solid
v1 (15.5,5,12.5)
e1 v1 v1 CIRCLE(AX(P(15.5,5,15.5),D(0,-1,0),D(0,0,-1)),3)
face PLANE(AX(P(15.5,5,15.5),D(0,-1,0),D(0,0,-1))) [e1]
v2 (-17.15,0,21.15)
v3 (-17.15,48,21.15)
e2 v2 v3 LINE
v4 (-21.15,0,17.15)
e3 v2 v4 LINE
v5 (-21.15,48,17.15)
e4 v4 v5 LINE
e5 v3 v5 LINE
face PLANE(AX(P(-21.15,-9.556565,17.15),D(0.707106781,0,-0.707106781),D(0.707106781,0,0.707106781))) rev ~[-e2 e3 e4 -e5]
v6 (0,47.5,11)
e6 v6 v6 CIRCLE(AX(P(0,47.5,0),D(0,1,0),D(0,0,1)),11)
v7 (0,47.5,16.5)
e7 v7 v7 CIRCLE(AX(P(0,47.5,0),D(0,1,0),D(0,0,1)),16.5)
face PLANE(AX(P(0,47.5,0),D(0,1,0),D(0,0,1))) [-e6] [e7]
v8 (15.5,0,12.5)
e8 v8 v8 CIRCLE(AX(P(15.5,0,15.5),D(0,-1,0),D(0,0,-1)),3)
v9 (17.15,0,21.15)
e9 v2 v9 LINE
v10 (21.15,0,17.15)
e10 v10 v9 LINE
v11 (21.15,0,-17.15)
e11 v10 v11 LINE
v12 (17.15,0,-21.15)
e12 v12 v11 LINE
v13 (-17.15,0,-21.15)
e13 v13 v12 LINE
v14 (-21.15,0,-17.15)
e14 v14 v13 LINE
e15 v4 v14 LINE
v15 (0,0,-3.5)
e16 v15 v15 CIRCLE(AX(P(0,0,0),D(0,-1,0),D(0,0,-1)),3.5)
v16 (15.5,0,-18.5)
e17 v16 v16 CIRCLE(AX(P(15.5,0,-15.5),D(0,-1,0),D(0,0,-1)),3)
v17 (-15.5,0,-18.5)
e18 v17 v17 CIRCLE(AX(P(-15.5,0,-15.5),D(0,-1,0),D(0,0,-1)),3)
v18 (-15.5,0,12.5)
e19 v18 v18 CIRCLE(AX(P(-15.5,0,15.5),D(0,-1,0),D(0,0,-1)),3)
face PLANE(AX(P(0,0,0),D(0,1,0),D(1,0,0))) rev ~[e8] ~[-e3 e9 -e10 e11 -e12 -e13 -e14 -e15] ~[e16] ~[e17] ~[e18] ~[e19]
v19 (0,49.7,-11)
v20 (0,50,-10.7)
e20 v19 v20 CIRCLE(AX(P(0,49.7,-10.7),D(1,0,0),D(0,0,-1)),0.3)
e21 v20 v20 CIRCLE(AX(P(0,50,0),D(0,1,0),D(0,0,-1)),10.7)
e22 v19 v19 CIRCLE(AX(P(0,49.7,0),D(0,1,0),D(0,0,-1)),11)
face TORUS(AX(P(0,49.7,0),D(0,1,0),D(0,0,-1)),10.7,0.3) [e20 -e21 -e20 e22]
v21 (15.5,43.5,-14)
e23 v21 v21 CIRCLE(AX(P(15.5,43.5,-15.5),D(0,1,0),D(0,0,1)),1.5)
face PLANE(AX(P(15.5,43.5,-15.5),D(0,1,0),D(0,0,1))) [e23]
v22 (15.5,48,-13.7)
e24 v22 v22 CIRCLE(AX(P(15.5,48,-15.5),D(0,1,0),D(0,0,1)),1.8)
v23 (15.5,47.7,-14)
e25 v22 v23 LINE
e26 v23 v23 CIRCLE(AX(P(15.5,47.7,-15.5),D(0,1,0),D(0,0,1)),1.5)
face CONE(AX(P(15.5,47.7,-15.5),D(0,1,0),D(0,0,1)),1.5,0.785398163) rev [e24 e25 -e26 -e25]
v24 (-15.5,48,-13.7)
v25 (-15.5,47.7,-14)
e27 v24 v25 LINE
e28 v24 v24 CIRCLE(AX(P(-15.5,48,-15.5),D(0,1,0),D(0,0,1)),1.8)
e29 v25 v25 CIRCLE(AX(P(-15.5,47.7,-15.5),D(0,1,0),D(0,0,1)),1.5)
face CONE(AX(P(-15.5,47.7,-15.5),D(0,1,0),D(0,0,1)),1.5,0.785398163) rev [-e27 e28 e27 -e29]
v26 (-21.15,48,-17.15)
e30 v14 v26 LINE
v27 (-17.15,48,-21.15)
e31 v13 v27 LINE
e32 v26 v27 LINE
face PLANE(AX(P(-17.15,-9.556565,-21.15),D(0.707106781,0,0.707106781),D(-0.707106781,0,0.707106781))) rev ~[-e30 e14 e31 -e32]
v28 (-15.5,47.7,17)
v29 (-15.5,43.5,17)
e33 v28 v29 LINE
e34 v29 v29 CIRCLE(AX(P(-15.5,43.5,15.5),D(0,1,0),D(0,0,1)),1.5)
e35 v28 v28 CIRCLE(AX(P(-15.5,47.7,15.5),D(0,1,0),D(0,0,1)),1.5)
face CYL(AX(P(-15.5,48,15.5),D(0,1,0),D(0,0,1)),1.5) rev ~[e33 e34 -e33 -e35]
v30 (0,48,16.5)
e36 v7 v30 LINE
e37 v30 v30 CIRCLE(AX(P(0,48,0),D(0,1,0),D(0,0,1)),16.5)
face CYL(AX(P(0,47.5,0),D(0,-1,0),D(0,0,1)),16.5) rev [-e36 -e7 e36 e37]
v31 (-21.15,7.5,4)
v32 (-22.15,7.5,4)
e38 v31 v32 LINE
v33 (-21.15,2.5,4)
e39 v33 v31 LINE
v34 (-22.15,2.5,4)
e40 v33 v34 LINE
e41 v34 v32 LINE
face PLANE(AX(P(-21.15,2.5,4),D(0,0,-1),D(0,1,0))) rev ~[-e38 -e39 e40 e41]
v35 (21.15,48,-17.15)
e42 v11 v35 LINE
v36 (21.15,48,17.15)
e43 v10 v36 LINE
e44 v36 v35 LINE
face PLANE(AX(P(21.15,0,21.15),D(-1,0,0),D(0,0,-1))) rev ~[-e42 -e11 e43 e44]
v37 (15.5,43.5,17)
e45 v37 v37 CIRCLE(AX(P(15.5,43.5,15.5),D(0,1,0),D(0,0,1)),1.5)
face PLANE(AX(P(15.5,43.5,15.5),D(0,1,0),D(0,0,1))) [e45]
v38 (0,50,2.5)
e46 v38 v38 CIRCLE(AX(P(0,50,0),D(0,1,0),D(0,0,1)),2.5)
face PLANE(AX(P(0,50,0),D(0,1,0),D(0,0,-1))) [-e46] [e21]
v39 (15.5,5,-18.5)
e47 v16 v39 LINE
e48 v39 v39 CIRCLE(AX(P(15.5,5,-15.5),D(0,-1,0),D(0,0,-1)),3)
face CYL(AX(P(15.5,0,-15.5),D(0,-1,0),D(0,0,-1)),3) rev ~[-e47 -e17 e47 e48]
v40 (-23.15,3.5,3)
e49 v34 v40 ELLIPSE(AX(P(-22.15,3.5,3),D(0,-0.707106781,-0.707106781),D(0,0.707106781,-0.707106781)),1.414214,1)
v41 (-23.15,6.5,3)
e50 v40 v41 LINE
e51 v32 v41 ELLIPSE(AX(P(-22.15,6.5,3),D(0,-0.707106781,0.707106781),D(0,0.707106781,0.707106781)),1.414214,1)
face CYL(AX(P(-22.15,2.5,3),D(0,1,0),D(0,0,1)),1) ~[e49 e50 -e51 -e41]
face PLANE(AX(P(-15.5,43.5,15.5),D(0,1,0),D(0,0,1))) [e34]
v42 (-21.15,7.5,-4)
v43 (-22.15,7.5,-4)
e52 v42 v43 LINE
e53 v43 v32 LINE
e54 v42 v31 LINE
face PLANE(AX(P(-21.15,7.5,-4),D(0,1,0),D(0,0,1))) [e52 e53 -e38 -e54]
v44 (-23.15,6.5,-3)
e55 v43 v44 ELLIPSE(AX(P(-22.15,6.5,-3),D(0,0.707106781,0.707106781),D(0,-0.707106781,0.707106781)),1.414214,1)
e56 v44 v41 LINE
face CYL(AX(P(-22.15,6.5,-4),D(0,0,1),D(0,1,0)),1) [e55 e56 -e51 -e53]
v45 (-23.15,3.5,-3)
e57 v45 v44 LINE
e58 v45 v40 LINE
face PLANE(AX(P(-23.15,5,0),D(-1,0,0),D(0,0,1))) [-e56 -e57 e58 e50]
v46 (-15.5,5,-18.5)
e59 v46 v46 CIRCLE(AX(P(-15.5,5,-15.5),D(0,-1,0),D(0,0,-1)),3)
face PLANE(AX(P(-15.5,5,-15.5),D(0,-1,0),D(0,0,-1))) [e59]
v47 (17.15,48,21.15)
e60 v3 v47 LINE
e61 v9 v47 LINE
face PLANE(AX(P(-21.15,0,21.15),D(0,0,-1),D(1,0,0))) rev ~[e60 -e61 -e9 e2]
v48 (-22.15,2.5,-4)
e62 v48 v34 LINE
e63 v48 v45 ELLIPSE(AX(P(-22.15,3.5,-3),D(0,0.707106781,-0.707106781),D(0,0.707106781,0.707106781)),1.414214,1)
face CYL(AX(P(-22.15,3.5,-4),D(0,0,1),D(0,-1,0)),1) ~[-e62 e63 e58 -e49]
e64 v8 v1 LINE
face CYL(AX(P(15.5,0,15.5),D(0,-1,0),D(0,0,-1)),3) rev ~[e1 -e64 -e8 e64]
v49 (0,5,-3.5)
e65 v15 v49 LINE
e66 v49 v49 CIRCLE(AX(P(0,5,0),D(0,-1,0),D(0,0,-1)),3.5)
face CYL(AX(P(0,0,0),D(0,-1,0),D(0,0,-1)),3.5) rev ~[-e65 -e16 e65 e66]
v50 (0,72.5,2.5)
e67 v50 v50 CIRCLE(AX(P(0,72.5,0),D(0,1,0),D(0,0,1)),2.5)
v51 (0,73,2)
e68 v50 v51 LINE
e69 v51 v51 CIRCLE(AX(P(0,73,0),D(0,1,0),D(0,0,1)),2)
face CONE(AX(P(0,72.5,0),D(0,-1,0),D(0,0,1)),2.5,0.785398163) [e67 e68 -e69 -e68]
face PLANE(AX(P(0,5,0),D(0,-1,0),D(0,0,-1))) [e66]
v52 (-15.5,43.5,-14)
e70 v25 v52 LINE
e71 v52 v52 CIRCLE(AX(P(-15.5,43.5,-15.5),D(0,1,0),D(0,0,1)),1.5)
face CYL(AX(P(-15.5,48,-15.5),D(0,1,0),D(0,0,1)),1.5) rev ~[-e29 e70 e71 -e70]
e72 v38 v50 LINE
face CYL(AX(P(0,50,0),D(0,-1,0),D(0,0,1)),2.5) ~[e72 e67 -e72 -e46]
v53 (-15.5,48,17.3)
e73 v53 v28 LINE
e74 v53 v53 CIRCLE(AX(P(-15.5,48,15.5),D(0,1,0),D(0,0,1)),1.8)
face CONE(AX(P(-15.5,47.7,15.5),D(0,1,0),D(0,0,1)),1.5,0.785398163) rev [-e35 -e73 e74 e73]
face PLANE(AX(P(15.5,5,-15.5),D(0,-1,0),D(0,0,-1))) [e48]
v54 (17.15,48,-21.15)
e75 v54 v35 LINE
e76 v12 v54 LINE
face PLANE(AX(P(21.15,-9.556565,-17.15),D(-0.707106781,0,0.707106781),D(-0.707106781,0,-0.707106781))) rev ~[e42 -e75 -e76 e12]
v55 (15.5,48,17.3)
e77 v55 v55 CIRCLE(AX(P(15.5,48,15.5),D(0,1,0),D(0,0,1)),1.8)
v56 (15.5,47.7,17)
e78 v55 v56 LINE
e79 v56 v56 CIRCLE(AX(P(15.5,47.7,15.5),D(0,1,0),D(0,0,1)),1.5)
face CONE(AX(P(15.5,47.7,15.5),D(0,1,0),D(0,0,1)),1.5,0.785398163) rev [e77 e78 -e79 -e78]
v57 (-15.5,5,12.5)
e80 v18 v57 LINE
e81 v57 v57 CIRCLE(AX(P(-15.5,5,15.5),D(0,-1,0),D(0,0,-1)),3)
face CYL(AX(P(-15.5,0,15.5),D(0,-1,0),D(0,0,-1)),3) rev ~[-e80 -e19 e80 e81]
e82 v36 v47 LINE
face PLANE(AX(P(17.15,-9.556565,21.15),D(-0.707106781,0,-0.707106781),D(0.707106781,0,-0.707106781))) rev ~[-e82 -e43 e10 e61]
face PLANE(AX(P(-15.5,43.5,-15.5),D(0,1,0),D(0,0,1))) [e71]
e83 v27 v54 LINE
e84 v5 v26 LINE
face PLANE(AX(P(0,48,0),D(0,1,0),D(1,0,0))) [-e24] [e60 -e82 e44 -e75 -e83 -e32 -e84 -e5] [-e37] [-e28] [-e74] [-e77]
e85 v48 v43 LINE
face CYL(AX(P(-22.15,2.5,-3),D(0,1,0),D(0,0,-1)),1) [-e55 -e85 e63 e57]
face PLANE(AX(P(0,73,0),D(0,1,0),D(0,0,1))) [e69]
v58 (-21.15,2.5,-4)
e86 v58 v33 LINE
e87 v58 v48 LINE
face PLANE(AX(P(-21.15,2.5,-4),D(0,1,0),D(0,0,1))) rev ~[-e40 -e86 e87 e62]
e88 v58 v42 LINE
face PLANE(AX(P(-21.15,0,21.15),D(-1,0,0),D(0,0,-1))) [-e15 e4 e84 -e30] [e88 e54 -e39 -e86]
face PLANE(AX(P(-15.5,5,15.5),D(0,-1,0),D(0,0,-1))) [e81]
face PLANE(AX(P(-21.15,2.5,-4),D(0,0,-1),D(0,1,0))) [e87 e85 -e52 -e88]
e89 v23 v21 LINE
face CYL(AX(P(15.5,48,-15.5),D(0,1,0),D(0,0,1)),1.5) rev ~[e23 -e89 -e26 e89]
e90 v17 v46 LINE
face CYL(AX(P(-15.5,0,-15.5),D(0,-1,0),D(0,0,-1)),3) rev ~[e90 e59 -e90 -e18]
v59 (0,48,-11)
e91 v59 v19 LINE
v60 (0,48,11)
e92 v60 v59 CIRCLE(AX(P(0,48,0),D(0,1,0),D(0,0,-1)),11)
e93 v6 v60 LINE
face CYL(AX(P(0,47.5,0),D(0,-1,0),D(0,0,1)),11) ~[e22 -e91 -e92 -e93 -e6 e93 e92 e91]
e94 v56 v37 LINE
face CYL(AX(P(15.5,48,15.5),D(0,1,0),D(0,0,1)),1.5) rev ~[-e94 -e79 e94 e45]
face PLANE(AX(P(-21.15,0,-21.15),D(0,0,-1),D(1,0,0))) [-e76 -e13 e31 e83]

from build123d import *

# Parameters (mm, degrees)
SKETCH1_W                    = 42.3
SKETCH1_H                    = 42.3
BOSS_EXTRUDE1_DEPTH          = 48
SKETCH2_R                    = 11
BOSS_EXTRUDE2_DEPTH          = 2
SKETCH3_R                    = 2.5
BOSS_EXTRUDE3_DEPTH          = 23
FILLET2_R                    = 0.3
CHAMFER1_SIZE                = 0.5
SKETCH4_R                    = 1.5
CUT_EXTRUDE1_DEPTH           = 4.5
CHAMFER2_SIZE                = 0.3
CUT_EXTRUDE2_START           = -0.5
SKETCH5_R                    = 16.5
SKETCH5_R_2                  = 11
CUT_EXTRUDE2_DEPTH           = 0.5
CUT_EXTRUDE_THIN1_DEPTH      = 57.556564606
CUT_EXTRUDE_THIN1_DEPTH_BACK = 57.556564606
SKETCH7_R                    = 3.5
SKETCH7_R_2                  = 3
CUT_EXTRUDE3_DEPTH           = 5
SKETCH8_W                    = 8
SKETCH8_H                    = 5
BOSS_EXTRUDE4_DEPTH          = 2
FILLET3_R                    = 1


with BuildPart() as part:
    # Sketch1 → Boss-Extrude1 (new body)
    with BuildSketch(Plane(origin=(0, 0, 0), x_dir=(1, 0, 0), z_dir=(0, 1, 0))):
        Rectangle(SKETCH1_W, SKETCH1_H)
    extrude(amount=BOSS_EXTRUDE1_DEPTH)

    # Sketch2 → Boss-Extrude2 (add)
    with BuildSketch(Plane(origin=(0, 48, 0), x_dir=(1, 0, 0), z_dir=(0, 1, 0))):
        with Locations(Location((0, 0, 0), (0, 0, 90))):
            Circle(SKETCH2_R)
    extrude(amount=BOSS_EXTRUDE2_DEPTH)

    # Sketch3 → Boss-Extrude3 (add)
    with BuildSketch(Plane(origin=(0, 50, 0), x_dir=(1, 0, 0), z_dir=(0, 1, 0))):
        with Locations(Location((0, 0, 0), (0, 0, 270))):
            Circle(SKETCH3_R)
    extrude(amount=BOSS_EXTRUDE3_DEPTH)

    # Fillet2
    fillet2_edges = [part.edges().sort_by_distance(p)[0] for p in [
        (0, 50, 11),
    ]]
    fillet(fillet2_edges, radius=FILLET2_R)

    # Chamfer1
    chamfer1_edges = [part.edges().sort_by_distance(p)[0] for p in [
        (0, 73, -2.5),
    ]]
    chamfer(chamfer1_edges, length=CHAMFER1_SIZE)

    # Sketch4 → Cut-Extrude1 (cut)
    with BuildSketch(Plane(origin=(0, 48, 0), x_dir=(1, 0, 0), z_dir=(0, 1, 0))):
        with Locations(Location((-15.5, -15.5, 0), (0, 0, 270))):
            Circle(SKETCH4_R)
        with Locations(Location((15.5, -15.5, 0), (0, 0, 270))):
            Circle(SKETCH4_R)
        with Locations(Location((15.5, 15.5, 0), (0, 0, 270))):
            Circle(SKETCH4_R)
        with Locations(Location((-15.5, 15.5, 0), (0, 0, 270))):
            Circle(SKETCH4_R)
    extrude(amount=-CUT_EXTRUDE1_DEPTH, mode=Mode.SUBTRACT)

    # Chamfer2
    chamfer2_edges = [part.edges().sort_by_distance(p)[0] for p in [
        (-15.5, 48, 14),
        (15.5, 48, 14),
        (15.5, 48, -17),
        (-15.5, 48, -17),
    ]]
    chamfer(chamfer2_edges, length=CHAMFER2_SIZE)

    # Sketch5 → Cut-Extrude2 (cut)
    with BuildSketch(Plane(origin=(0, 48, 0), x_dir=(1, 0, 0), z_dir=(0, 1, 0)).offset(CUT_EXTRUDE2_START)):
        with Locations(Location((0, 0, 0), (0, 0, 270))):
            Circle(SKETCH5_R)
        with Locations(Location((0, 0, 0), (0, 0, 270))):
            Circle(SKETCH5_R_2, mode=Mode.SUBTRACT)
    extrude(amount=CUT_EXTRUDE2_DEPTH, mode=Mode.SUBTRACT)

    # Sketch6 → Cut-Extrude-Thin1 (cut, two sides: drawn at the far end of the back side and taken through both)
    with BuildSketch(Plane(origin=(0, 48, 0), x_dir=(1, 0, 0), z_dir=(0, 1, 0)).offset(-CUT_EXTRUDE_THIN1_DEPTH_BACK)):
        Polygon((-21.15, -17.15), (-17.15, -21.15), (-24.221067812, -28.221067812), (-28.221067812, -24.221067812), align=None)
        Polygon((17.15, -21.15), (21.15, -17.15), (28.221067812, -24.221067812), (24.221067812, -28.221067812), align=None)
        Polygon((21.15, 17.15), (17.15, 21.15), (24.221067812, 28.221067812), (28.221067812, 24.221067812), align=None)
        Polygon((-17.15, 21.15), (-21.15, 17.15), (-28.221067812, 24.221067812), (-24.221067812, 28.221067812), align=None)
    extrude(amount=CUT_EXTRUDE_THIN1_DEPTH + CUT_EXTRUDE_THIN1_DEPTH_BACK, mode=Mode.SUBTRACT)

    # Sketch7 → Cut-Extrude3 (cut)
    with BuildSketch(Plane.XZ):
        with Locations(Location((0, 0, 0), (0, 0, 270))):
            Circle(SKETCH7_R)
        with Locations(Location((-15.5, 15.5, 0), (0, 0, 270))):
            Circle(SKETCH7_R_2)
        with Locations(Location((15.5, 15.5, 0), (0, 0, 270))):
            Circle(SKETCH7_R_2)
        with Locations(Location((15.5, -15.5, 0), (0, 0, 270))):
            Circle(SKETCH7_R_2)
        with Locations(Location((-15.5, -15.5, 0), (0, 0, 270))):
            Circle(SKETCH7_R_2)
    extrude(amount=-CUT_EXTRUDE3_DEPTH, mode=Mode.SUBTRACT)

    # Sketch8 → Boss-Extrude4 (add)
    with BuildSketch(Plane.ZY.offset(21.15)):
        with Locations((0, 5)):
            Rectangle(SKETCH8_W, SKETCH8_H)
    extrude(amount=BOSS_EXTRUDE4_DEPTH)

    # Fillet3
    fillet3_edges = [part.edges().sort_by_distance(p)[0] for p in [
        (-23.15, 5, 4),
        (-23.15, 7.5, 0),
        (-23.15, 5, -4),
        (-23.15, 2.5, 0),
    ]]
    fillet(fillet3_edges, radius=FILLET3_R)


solid = part.part
